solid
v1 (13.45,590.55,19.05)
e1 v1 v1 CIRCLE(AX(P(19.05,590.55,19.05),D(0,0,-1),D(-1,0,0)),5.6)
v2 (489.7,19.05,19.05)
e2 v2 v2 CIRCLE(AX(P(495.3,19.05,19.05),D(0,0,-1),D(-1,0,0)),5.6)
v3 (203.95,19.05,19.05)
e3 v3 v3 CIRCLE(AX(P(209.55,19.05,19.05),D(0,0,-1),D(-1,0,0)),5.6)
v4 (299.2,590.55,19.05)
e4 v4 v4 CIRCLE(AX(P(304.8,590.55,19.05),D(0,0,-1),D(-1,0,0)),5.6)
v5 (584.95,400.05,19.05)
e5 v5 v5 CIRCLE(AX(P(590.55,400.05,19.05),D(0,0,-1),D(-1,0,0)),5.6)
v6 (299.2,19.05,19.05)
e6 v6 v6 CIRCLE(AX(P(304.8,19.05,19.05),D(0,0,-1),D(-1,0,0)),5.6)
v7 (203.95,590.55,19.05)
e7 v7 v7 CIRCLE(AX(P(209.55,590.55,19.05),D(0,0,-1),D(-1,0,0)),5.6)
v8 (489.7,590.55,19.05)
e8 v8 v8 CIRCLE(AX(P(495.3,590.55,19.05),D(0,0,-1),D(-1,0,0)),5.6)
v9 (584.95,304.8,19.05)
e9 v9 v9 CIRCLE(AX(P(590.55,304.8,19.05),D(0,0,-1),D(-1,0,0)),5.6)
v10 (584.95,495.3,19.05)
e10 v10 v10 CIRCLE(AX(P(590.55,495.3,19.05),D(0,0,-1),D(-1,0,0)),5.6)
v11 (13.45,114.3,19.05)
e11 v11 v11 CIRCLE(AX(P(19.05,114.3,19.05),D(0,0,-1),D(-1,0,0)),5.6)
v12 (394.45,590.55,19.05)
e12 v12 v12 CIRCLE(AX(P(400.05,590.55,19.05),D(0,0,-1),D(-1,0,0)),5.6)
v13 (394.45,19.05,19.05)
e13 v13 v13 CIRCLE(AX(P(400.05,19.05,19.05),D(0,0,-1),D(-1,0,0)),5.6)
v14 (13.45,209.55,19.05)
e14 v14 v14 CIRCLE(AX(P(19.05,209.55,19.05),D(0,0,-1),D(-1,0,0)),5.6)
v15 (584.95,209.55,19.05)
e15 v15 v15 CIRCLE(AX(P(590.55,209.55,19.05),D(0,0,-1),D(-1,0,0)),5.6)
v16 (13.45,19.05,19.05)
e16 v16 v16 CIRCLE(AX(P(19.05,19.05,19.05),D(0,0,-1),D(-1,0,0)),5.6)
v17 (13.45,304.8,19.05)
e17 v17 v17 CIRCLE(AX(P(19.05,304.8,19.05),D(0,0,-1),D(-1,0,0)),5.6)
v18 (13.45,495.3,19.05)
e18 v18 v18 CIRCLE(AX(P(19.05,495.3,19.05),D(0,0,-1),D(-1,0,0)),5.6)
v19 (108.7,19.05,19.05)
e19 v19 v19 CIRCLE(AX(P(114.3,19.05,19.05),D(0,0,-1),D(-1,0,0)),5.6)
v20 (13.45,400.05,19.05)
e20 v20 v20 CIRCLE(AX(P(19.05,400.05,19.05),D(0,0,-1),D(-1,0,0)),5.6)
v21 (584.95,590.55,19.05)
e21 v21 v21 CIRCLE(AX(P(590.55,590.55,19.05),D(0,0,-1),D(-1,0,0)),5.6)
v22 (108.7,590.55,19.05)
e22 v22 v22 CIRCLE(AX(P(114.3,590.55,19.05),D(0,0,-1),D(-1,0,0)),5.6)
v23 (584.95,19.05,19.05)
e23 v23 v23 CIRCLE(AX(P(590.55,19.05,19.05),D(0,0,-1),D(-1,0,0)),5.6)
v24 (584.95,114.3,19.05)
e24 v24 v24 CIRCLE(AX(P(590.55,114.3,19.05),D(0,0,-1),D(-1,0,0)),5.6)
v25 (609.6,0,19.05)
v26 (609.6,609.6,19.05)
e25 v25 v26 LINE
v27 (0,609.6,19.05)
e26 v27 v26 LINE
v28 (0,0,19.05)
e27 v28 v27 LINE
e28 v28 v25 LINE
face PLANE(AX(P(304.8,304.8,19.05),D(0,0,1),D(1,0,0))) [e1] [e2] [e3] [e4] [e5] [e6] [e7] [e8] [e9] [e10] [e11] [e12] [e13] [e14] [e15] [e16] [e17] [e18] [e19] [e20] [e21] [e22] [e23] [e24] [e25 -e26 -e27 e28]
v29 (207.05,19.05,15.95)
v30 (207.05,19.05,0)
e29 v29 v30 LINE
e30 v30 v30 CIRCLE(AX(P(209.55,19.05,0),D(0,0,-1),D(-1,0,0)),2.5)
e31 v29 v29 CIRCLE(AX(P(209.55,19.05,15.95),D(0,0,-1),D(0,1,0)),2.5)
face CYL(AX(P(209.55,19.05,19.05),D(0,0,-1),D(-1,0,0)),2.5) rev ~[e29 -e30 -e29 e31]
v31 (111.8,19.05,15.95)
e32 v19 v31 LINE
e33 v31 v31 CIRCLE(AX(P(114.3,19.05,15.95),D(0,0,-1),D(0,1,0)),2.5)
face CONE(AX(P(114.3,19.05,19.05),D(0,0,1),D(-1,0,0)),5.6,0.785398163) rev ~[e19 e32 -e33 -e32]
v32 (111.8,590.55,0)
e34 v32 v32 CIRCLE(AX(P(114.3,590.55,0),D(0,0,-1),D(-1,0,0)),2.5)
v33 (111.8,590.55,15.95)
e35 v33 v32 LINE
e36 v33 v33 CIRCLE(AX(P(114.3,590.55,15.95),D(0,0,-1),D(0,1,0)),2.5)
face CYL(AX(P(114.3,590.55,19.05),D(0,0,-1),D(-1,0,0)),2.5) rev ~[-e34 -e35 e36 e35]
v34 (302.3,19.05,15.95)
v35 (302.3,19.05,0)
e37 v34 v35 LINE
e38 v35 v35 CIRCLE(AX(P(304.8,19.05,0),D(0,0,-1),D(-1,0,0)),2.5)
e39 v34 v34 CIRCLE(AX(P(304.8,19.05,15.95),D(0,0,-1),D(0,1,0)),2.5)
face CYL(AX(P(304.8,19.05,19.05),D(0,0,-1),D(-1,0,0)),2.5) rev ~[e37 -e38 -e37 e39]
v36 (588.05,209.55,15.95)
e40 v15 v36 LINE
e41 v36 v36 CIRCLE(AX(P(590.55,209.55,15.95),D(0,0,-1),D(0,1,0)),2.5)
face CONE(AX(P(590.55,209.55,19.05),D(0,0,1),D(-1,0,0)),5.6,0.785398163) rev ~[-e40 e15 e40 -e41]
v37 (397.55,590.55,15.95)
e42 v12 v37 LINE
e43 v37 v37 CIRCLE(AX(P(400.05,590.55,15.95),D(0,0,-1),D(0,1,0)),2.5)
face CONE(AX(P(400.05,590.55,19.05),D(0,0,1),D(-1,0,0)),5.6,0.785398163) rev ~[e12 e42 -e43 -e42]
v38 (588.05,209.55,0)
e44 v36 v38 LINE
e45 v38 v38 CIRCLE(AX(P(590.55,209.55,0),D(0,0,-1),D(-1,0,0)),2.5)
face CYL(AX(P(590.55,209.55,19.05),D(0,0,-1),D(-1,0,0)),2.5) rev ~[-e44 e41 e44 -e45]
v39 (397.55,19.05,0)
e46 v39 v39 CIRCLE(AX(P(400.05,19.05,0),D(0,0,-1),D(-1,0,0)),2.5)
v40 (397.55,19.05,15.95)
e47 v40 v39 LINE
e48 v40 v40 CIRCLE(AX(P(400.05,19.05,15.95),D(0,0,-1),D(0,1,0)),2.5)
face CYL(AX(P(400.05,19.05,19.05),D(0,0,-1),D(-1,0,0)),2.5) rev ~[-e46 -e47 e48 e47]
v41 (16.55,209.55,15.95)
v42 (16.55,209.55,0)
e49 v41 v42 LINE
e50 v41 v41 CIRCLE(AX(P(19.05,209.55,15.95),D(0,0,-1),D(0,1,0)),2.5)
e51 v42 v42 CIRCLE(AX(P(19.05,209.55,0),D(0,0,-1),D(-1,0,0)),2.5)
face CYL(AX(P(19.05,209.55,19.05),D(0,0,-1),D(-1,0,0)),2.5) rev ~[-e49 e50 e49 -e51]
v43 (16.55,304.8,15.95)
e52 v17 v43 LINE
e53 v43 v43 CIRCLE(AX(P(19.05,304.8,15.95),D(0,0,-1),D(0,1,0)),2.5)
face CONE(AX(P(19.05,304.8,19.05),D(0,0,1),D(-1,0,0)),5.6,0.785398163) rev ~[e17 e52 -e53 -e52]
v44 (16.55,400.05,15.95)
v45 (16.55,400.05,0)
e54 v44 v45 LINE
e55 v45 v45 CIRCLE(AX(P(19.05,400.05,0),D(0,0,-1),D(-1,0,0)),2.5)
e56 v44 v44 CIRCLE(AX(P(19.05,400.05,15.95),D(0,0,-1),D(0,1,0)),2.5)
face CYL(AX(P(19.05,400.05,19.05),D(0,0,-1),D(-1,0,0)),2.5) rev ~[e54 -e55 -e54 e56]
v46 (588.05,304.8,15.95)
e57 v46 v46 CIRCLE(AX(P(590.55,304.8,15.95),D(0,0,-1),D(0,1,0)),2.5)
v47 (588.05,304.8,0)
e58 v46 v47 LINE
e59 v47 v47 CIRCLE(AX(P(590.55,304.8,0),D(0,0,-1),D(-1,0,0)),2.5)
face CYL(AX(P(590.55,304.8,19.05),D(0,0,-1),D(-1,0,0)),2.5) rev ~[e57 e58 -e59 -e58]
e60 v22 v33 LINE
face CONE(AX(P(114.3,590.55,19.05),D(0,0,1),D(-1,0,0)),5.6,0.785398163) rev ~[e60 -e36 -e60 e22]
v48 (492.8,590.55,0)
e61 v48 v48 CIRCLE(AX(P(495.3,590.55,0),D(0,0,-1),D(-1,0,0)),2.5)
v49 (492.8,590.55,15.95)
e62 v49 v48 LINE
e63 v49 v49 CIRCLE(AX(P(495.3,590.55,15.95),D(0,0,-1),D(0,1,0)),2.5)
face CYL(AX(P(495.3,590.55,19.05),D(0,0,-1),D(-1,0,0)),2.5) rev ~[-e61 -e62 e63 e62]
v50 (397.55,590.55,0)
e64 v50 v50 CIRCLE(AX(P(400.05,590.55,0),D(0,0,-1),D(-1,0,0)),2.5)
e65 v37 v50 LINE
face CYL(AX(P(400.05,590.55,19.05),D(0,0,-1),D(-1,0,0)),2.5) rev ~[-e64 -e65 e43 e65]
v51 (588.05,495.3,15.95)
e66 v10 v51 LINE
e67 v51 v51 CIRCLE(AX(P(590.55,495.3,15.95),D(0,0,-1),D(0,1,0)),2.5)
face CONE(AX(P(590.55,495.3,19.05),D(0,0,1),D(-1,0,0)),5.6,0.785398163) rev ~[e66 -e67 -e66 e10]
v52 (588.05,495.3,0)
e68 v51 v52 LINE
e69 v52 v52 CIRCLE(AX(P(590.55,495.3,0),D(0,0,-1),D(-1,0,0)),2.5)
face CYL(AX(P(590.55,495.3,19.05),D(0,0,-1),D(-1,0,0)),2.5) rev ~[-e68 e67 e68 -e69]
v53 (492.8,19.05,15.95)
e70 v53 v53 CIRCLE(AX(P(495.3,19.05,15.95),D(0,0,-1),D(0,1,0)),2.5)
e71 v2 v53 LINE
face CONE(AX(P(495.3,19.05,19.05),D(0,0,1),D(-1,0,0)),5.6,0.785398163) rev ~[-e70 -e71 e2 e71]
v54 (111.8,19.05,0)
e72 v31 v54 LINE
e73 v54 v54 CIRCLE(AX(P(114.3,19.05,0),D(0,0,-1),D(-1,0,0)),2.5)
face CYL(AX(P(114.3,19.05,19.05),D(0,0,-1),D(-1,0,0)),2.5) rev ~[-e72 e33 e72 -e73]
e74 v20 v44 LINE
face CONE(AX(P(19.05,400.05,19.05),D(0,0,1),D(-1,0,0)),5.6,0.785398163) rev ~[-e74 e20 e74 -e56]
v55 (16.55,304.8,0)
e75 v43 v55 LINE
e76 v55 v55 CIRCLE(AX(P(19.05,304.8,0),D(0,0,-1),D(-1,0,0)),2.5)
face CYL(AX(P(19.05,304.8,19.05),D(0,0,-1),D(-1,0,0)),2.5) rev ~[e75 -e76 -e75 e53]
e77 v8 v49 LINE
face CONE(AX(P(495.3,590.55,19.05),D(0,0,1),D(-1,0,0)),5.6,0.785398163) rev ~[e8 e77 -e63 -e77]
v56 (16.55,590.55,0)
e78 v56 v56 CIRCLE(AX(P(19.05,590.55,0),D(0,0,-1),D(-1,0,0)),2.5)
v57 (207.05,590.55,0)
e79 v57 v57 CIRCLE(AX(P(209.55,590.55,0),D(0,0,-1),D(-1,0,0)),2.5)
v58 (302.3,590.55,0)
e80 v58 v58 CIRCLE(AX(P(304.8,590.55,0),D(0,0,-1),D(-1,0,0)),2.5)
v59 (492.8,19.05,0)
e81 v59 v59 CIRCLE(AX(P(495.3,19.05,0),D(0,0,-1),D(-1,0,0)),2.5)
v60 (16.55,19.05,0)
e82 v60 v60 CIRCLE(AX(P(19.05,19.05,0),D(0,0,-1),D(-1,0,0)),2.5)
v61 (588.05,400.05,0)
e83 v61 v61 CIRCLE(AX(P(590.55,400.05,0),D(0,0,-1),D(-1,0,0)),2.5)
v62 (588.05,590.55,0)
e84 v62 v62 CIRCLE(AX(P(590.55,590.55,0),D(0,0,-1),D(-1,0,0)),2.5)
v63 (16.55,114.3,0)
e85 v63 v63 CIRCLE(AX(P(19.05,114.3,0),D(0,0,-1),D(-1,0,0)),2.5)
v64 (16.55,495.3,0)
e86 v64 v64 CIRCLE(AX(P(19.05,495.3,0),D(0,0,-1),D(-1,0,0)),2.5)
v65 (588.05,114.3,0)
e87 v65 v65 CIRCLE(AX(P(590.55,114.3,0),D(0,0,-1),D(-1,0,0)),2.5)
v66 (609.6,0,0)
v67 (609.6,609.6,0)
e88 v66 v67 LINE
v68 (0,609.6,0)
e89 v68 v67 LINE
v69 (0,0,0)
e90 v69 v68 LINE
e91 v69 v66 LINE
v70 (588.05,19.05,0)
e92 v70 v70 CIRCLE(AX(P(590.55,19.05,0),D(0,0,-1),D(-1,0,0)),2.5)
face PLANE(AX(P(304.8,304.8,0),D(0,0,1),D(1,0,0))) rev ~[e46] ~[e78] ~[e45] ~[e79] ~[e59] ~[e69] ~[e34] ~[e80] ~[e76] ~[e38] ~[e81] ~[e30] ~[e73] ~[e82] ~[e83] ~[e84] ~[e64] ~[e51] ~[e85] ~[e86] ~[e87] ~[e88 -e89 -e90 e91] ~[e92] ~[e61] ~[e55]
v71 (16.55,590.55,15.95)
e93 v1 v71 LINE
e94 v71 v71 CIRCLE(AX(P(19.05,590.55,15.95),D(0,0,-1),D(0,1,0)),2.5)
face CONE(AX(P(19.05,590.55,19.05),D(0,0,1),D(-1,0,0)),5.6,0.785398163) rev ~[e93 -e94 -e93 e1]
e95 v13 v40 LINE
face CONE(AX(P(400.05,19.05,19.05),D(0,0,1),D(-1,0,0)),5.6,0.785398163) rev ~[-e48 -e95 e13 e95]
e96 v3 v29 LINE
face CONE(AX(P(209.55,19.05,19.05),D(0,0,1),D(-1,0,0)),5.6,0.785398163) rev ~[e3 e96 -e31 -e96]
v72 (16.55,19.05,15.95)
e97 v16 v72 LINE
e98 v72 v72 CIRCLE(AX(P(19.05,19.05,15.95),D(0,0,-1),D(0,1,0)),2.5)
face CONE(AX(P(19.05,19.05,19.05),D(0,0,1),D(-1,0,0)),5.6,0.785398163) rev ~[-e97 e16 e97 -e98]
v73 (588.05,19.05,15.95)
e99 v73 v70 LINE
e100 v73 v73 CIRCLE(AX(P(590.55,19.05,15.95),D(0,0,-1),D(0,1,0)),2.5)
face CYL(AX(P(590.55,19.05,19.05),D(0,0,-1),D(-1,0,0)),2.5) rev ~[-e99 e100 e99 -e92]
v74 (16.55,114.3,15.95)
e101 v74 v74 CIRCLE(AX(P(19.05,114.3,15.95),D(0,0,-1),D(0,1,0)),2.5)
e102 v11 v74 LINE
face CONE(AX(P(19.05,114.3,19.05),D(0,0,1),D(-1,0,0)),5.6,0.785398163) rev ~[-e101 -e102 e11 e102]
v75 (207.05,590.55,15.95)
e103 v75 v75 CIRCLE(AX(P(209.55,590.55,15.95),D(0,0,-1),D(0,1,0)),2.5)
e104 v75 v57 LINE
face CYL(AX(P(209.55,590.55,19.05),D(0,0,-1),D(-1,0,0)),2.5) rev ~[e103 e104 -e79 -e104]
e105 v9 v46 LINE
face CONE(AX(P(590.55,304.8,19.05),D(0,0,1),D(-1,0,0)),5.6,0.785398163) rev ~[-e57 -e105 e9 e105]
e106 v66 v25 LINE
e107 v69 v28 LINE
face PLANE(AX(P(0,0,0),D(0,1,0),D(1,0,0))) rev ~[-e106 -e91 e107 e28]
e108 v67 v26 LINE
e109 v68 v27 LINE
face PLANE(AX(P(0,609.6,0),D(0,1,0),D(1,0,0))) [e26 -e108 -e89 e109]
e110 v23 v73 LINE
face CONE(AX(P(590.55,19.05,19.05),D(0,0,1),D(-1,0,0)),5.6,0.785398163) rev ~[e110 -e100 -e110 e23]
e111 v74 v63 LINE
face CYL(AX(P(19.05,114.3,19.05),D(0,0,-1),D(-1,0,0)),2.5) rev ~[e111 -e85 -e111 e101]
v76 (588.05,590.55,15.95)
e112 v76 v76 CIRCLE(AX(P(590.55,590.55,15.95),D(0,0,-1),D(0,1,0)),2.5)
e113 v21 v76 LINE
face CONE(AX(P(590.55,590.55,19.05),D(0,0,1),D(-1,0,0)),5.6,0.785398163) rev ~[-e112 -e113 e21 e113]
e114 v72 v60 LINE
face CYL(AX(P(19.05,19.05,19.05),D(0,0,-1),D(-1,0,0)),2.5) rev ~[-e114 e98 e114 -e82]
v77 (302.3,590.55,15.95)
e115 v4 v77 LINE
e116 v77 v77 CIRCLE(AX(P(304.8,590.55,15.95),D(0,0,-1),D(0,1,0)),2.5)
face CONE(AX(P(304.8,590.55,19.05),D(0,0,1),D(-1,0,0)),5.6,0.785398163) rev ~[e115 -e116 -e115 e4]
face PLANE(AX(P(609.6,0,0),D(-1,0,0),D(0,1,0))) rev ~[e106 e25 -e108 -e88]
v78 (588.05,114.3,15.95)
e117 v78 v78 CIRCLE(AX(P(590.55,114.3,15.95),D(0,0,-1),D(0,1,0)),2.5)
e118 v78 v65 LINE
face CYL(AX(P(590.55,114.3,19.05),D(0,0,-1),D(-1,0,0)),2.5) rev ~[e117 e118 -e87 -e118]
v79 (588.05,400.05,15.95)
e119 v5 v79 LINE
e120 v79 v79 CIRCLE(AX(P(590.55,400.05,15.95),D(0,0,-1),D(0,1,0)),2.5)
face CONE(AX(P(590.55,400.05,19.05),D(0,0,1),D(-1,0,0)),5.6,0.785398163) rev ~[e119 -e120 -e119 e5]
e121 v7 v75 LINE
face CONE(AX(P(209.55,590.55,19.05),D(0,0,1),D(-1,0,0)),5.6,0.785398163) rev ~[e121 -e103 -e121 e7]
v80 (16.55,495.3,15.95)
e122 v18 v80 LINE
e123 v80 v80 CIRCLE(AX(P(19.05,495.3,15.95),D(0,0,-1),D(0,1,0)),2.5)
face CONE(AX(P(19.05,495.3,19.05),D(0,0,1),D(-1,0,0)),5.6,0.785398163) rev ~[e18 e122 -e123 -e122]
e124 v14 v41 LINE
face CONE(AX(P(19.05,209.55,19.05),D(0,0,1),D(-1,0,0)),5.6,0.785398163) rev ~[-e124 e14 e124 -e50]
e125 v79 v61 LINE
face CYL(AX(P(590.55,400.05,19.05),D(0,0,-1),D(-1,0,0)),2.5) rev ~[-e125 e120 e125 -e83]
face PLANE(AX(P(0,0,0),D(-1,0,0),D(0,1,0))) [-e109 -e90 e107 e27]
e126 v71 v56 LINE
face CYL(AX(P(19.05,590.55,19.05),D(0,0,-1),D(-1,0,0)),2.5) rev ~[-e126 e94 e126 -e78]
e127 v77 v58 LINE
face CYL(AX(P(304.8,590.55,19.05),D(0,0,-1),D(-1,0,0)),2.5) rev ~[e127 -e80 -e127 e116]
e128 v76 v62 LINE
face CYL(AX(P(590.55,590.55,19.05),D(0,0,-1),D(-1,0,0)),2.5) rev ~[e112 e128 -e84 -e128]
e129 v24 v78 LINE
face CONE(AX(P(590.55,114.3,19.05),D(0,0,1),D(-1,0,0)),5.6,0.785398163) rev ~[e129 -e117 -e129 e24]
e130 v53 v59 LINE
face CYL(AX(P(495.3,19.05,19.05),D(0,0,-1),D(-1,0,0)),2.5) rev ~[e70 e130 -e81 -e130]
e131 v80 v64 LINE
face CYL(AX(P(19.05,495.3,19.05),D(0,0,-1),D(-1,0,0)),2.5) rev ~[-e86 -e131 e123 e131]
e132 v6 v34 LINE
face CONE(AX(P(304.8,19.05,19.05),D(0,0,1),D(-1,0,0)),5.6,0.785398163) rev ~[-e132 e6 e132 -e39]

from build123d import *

# Parameters (mm, degrees)
F0_W           = 609.6
F0_H           = 609.6
F1_DEPTH       = 19.05
F3_D           = 5
F3_CSINK_D     = 11.2
F3_CSINK_ANGLE = 90


with BuildPart() as f1:
    # F0 (on Top) → F1 (new body)
    with BuildSketch(Plane.XY):
        with Locations((304.8, 304.8)):
            Rectangle(F0_W, F0_H)
    extrude(amount=F1_DEPTH)

    # F3 (through all)
    with Locations(Plane.XY.offset(19.05)):
        with Locations((19.05, 304.8), (19.05, 400.05), (19.05, 495.3), (19.05, 590.55), (114.3, 590.55), (209.55, 590.55), (304.8, 590.55), (400.05, 590.55), (495.3, 590.55), (590.55, 590.55), (590.55, 495.3), (590.55, 400.05), (590.55, 304.8), (590.55, 209.55), (590.55, 114.3), (590.55, 19.05), (495.3, 19.05), (400.05, 19.05), (304.8, 19.05), (209.55, 19.05), (114.3, 19.05), (19.05, 19.05), (19.05, 114.3), (19.05, 209.55), (19.05, 114.3)):
            CounterSinkHole(F3_D / 2, F3_CSINK_D / 2, counter_sink_angle=F3_CSINK_ANGLE)


solid = f1.part
